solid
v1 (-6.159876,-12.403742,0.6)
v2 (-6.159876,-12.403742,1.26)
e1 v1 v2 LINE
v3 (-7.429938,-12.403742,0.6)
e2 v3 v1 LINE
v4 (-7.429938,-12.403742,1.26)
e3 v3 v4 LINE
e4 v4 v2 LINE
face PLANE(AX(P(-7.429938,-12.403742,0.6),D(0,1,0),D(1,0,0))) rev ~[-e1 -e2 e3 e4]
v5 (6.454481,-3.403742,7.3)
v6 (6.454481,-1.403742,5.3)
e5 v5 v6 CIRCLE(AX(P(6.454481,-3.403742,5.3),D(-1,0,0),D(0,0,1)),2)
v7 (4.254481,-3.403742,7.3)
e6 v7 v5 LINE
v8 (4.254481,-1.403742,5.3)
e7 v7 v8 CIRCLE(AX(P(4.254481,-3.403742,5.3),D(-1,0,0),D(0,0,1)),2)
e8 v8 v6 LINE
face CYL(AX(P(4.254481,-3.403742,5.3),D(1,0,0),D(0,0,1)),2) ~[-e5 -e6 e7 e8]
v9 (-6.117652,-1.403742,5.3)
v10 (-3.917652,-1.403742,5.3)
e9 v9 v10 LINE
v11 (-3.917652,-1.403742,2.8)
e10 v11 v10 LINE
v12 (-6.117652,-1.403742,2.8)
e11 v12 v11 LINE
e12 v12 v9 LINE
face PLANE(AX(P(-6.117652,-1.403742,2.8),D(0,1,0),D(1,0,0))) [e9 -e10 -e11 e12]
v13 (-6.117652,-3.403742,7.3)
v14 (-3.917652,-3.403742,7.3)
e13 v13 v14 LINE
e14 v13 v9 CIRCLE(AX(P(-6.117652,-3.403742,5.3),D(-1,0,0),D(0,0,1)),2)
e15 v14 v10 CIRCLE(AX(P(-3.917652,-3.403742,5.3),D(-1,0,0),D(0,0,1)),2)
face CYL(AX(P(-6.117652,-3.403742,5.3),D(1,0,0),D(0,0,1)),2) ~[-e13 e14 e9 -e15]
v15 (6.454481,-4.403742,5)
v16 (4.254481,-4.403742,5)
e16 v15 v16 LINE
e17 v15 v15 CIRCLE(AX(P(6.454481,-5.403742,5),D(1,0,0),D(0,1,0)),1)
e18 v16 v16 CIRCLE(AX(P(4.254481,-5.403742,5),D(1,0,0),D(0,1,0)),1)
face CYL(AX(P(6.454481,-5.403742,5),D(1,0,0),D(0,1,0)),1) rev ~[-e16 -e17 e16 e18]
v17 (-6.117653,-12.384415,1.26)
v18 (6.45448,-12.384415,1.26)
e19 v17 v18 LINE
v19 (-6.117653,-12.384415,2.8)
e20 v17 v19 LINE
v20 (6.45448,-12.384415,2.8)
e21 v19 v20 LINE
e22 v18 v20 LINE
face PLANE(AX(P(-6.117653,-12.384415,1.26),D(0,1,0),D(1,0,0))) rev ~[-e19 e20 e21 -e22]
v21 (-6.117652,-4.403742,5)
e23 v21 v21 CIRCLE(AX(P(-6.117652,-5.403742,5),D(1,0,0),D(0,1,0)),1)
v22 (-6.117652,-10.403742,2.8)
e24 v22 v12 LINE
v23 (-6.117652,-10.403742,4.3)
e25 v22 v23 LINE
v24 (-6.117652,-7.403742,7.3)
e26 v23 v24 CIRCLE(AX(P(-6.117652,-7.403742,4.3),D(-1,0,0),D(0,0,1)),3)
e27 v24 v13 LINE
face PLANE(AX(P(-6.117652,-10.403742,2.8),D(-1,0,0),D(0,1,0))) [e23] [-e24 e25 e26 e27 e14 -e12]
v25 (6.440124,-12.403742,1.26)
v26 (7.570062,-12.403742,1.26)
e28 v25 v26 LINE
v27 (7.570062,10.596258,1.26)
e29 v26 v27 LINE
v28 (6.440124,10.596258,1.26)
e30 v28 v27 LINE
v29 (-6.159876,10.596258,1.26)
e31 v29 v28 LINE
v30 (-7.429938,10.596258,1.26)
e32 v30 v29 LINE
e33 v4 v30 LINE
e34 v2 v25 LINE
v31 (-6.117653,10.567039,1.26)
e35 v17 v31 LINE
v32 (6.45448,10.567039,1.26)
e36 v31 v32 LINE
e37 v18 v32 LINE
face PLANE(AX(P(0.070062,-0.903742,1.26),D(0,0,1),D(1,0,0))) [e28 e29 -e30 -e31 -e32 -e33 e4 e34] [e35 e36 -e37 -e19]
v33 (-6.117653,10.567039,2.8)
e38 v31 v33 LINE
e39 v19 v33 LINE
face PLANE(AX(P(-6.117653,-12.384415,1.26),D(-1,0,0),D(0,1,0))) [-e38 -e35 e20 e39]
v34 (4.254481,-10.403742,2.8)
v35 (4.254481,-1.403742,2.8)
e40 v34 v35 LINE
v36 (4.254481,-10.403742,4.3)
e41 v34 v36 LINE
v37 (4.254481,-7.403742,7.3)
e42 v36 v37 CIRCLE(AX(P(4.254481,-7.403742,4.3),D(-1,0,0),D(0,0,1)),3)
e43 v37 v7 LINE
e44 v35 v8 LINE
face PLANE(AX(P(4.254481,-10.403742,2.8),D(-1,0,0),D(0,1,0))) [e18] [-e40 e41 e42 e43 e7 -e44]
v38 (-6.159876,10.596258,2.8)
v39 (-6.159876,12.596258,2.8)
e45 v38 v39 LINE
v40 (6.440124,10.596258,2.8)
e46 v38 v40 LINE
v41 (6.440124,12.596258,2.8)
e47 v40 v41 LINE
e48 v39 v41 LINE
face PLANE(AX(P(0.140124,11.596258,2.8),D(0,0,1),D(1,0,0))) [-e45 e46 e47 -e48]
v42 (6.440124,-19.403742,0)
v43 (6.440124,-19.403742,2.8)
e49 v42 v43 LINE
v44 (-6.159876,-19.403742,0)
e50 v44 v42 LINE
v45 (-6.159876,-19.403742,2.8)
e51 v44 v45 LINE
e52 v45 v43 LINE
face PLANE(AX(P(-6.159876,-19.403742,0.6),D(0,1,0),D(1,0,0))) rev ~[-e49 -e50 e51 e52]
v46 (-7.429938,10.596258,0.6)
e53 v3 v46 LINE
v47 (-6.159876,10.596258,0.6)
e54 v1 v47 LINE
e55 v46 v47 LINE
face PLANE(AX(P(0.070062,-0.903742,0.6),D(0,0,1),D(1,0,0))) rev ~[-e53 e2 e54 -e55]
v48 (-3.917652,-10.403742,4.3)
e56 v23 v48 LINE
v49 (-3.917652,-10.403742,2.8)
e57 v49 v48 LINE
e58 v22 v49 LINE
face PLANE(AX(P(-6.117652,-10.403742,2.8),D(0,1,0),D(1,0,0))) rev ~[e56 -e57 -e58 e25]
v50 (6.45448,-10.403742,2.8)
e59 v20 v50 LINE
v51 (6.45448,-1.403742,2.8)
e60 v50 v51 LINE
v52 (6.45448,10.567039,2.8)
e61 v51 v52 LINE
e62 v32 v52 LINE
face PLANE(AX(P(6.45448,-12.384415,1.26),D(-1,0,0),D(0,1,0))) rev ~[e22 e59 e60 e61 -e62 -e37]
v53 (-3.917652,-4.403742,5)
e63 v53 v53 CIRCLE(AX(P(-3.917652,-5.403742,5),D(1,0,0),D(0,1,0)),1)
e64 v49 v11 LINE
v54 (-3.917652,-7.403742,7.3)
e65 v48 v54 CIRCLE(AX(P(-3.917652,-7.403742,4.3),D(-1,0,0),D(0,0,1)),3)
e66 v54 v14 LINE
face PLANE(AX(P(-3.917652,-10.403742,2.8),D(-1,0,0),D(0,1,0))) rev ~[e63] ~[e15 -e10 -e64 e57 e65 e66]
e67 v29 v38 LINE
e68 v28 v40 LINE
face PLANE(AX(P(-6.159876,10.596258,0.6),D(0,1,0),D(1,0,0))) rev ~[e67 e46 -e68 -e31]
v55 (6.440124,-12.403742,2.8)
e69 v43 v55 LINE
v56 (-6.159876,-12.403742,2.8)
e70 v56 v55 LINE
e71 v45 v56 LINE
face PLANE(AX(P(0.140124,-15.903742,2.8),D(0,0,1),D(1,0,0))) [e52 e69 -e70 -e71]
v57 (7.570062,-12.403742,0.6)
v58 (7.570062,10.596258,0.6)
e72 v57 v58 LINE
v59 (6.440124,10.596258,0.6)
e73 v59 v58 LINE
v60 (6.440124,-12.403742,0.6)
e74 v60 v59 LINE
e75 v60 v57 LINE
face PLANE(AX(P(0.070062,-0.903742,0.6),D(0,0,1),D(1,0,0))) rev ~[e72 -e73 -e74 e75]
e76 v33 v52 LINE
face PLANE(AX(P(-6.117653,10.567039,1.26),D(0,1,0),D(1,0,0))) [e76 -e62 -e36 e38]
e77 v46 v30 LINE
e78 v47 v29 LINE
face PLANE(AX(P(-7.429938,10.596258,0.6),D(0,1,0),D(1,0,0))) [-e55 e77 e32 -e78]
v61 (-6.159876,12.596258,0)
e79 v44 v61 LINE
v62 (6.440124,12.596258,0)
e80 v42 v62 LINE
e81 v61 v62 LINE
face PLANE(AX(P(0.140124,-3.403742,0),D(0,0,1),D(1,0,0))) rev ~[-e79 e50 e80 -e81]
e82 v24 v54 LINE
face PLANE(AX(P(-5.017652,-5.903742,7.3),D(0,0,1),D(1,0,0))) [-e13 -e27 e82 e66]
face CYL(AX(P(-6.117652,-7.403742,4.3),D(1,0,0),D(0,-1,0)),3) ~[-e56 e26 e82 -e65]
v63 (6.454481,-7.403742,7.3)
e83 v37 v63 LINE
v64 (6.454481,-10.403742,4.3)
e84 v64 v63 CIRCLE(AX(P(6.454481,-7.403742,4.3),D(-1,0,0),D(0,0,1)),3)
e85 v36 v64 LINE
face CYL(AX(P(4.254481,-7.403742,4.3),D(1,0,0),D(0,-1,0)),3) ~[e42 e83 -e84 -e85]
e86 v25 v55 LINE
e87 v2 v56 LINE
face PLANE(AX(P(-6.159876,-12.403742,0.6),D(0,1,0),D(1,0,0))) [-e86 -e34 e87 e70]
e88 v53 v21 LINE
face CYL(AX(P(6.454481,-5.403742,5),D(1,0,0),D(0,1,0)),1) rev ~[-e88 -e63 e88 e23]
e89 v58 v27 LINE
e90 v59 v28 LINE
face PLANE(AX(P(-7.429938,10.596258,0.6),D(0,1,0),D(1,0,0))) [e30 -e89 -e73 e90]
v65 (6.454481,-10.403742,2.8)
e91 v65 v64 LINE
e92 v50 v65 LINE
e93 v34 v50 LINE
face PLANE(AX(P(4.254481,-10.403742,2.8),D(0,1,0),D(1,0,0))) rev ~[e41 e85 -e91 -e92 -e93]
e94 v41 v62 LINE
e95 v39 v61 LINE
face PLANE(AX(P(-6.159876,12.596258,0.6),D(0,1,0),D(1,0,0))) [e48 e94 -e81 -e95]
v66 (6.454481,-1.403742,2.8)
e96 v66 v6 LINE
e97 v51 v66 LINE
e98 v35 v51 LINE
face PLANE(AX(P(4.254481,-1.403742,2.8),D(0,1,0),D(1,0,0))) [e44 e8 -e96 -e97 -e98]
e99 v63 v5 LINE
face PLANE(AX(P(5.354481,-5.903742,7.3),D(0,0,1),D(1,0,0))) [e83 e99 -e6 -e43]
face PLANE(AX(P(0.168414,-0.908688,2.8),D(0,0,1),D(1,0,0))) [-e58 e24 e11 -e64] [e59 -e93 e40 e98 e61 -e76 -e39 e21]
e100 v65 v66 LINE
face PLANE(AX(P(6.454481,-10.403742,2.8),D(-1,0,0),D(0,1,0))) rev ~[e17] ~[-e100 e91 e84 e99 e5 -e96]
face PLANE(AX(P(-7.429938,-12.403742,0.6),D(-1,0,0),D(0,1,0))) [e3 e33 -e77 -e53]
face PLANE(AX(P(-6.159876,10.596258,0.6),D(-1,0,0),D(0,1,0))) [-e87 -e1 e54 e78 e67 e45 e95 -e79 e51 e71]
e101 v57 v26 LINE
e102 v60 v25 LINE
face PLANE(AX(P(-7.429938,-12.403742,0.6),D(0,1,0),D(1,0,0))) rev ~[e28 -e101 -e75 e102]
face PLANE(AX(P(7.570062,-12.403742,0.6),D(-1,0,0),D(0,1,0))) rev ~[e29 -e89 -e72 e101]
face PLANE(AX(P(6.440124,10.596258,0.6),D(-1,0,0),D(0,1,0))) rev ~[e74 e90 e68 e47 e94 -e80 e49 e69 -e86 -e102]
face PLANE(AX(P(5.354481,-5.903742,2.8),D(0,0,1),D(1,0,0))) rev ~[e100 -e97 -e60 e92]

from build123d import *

# Parameters (mm, degrees)
F0_W      = 12.6
F0_H      = 32
F1_DEPTH  = 0.6
F2_W      = 15
F2_H      = 23
F3_DEPTH  = 0.66
F4_W      = 12.6
F4_H      = 7
F5_DEPTH  = 2.2
F6_W      = 12.6
F6_H      = 2
F7_DEPTH  = 2.2
F9_W      = 12.572133
F9_H      = 22.951454
F10_DEPTH = 1.54
F11_W     = 2.2
F11_H     = 9
F12_DEPTH = 4.5
F13_R     = 1
F14_DEPTH = 16
F15_R     = 3
F16_R     = 2
F17_R     = 3
F18_R     = 2


with BuildPart() as f1:
    # F0 (on Top) → F1 (new body)
    with BuildSketch(Plane.XY):
        with Locations((0.140124, -3.403742)):
            Rectangle(F0_W, F0_H)
    extrude(amount=F1_DEPTH)

    # F2 (on face) → F3 (join)
    with BuildSketch(Plane.XY.offset(0.6)):
        with Locations((0.070062, -0.903742)):
            Rectangle(F2_W, F2_H)
    extrude(amount=F3_DEPTH)

    # F4 (on face) → F5 (join)
    with BuildSketch(Plane.XY.offset(0.6)):
        with Locations((0.140124, -15.903742)):
            Rectangle(F4_W, F4_H)
    extrude(amount=F5_DEPTH)

    # F6 (on face) → F7 (join)
    with BuildSketch(Plane.XY.offset(0.6)):
        with Locations((0.140124, 11.596258)):
            Rectangle(F6_W, F6_H)
    extrude(amount=F7_DEPTH)

    # F9 (on face) → F10 (join)
    with BuildSketch(Plane.XY.offset(1.26)):
        with Locations((0.168414, -0.908688)):
            Rectangle(F9_W, F9_H)
    extrude(amount=F10_DEPTH)

    # F11 (on face) → F12 (join)
    with BuildSketch(Plane.XY.offset(2.8)):
        with Locations((-5.017652, -5.903742)):
            Rectangle(F11_W, F11_H)
        with Locations((5.354481, -5.903742)):
            Rectangle(F11_W, F11_H)
    extrude(amount=F12_DEPTH)

    # F13 (on face) → F14 (cut)
    with BuildSketch(Plane.YZ.offset(6.454481)):
        with Locations((-5.403742, 5)):
            Circle(F13_R)
    extrude(amount=-F14_DEPTH, mode=Mode.SUBTRACT)

    # F15
    f15_edges = [f1.edges().sort_by_distance(p)[0] for p in [
        (-5.017652, -10.403742, 7.3),
    ]]
    fillet(f15_edges, radius=F15_R)

    # F16
    f16_edges = [f1.edges().sort_by_distance(p)[0] for p in [
        (-5.017652, -1.403742, 7.3),
    ]]
    fillet(f16_edges, radius=F16_R)

    # F17
    f17_edges = [f1.edges().sort_by_distance(p)[0] for p in [
        (5.354481, -10.403742, 7.3),
    ]]
    fillet(f17_edges, radius=F17_R)

    # F18
    f18_edges = [f1.edges().sort_by_distance(p)[0] for p in [
        (5.354481, -1.403742, 7.3),
    ]]
    fillet(f18_edges, radius=F18_R)


solid = f1.part
